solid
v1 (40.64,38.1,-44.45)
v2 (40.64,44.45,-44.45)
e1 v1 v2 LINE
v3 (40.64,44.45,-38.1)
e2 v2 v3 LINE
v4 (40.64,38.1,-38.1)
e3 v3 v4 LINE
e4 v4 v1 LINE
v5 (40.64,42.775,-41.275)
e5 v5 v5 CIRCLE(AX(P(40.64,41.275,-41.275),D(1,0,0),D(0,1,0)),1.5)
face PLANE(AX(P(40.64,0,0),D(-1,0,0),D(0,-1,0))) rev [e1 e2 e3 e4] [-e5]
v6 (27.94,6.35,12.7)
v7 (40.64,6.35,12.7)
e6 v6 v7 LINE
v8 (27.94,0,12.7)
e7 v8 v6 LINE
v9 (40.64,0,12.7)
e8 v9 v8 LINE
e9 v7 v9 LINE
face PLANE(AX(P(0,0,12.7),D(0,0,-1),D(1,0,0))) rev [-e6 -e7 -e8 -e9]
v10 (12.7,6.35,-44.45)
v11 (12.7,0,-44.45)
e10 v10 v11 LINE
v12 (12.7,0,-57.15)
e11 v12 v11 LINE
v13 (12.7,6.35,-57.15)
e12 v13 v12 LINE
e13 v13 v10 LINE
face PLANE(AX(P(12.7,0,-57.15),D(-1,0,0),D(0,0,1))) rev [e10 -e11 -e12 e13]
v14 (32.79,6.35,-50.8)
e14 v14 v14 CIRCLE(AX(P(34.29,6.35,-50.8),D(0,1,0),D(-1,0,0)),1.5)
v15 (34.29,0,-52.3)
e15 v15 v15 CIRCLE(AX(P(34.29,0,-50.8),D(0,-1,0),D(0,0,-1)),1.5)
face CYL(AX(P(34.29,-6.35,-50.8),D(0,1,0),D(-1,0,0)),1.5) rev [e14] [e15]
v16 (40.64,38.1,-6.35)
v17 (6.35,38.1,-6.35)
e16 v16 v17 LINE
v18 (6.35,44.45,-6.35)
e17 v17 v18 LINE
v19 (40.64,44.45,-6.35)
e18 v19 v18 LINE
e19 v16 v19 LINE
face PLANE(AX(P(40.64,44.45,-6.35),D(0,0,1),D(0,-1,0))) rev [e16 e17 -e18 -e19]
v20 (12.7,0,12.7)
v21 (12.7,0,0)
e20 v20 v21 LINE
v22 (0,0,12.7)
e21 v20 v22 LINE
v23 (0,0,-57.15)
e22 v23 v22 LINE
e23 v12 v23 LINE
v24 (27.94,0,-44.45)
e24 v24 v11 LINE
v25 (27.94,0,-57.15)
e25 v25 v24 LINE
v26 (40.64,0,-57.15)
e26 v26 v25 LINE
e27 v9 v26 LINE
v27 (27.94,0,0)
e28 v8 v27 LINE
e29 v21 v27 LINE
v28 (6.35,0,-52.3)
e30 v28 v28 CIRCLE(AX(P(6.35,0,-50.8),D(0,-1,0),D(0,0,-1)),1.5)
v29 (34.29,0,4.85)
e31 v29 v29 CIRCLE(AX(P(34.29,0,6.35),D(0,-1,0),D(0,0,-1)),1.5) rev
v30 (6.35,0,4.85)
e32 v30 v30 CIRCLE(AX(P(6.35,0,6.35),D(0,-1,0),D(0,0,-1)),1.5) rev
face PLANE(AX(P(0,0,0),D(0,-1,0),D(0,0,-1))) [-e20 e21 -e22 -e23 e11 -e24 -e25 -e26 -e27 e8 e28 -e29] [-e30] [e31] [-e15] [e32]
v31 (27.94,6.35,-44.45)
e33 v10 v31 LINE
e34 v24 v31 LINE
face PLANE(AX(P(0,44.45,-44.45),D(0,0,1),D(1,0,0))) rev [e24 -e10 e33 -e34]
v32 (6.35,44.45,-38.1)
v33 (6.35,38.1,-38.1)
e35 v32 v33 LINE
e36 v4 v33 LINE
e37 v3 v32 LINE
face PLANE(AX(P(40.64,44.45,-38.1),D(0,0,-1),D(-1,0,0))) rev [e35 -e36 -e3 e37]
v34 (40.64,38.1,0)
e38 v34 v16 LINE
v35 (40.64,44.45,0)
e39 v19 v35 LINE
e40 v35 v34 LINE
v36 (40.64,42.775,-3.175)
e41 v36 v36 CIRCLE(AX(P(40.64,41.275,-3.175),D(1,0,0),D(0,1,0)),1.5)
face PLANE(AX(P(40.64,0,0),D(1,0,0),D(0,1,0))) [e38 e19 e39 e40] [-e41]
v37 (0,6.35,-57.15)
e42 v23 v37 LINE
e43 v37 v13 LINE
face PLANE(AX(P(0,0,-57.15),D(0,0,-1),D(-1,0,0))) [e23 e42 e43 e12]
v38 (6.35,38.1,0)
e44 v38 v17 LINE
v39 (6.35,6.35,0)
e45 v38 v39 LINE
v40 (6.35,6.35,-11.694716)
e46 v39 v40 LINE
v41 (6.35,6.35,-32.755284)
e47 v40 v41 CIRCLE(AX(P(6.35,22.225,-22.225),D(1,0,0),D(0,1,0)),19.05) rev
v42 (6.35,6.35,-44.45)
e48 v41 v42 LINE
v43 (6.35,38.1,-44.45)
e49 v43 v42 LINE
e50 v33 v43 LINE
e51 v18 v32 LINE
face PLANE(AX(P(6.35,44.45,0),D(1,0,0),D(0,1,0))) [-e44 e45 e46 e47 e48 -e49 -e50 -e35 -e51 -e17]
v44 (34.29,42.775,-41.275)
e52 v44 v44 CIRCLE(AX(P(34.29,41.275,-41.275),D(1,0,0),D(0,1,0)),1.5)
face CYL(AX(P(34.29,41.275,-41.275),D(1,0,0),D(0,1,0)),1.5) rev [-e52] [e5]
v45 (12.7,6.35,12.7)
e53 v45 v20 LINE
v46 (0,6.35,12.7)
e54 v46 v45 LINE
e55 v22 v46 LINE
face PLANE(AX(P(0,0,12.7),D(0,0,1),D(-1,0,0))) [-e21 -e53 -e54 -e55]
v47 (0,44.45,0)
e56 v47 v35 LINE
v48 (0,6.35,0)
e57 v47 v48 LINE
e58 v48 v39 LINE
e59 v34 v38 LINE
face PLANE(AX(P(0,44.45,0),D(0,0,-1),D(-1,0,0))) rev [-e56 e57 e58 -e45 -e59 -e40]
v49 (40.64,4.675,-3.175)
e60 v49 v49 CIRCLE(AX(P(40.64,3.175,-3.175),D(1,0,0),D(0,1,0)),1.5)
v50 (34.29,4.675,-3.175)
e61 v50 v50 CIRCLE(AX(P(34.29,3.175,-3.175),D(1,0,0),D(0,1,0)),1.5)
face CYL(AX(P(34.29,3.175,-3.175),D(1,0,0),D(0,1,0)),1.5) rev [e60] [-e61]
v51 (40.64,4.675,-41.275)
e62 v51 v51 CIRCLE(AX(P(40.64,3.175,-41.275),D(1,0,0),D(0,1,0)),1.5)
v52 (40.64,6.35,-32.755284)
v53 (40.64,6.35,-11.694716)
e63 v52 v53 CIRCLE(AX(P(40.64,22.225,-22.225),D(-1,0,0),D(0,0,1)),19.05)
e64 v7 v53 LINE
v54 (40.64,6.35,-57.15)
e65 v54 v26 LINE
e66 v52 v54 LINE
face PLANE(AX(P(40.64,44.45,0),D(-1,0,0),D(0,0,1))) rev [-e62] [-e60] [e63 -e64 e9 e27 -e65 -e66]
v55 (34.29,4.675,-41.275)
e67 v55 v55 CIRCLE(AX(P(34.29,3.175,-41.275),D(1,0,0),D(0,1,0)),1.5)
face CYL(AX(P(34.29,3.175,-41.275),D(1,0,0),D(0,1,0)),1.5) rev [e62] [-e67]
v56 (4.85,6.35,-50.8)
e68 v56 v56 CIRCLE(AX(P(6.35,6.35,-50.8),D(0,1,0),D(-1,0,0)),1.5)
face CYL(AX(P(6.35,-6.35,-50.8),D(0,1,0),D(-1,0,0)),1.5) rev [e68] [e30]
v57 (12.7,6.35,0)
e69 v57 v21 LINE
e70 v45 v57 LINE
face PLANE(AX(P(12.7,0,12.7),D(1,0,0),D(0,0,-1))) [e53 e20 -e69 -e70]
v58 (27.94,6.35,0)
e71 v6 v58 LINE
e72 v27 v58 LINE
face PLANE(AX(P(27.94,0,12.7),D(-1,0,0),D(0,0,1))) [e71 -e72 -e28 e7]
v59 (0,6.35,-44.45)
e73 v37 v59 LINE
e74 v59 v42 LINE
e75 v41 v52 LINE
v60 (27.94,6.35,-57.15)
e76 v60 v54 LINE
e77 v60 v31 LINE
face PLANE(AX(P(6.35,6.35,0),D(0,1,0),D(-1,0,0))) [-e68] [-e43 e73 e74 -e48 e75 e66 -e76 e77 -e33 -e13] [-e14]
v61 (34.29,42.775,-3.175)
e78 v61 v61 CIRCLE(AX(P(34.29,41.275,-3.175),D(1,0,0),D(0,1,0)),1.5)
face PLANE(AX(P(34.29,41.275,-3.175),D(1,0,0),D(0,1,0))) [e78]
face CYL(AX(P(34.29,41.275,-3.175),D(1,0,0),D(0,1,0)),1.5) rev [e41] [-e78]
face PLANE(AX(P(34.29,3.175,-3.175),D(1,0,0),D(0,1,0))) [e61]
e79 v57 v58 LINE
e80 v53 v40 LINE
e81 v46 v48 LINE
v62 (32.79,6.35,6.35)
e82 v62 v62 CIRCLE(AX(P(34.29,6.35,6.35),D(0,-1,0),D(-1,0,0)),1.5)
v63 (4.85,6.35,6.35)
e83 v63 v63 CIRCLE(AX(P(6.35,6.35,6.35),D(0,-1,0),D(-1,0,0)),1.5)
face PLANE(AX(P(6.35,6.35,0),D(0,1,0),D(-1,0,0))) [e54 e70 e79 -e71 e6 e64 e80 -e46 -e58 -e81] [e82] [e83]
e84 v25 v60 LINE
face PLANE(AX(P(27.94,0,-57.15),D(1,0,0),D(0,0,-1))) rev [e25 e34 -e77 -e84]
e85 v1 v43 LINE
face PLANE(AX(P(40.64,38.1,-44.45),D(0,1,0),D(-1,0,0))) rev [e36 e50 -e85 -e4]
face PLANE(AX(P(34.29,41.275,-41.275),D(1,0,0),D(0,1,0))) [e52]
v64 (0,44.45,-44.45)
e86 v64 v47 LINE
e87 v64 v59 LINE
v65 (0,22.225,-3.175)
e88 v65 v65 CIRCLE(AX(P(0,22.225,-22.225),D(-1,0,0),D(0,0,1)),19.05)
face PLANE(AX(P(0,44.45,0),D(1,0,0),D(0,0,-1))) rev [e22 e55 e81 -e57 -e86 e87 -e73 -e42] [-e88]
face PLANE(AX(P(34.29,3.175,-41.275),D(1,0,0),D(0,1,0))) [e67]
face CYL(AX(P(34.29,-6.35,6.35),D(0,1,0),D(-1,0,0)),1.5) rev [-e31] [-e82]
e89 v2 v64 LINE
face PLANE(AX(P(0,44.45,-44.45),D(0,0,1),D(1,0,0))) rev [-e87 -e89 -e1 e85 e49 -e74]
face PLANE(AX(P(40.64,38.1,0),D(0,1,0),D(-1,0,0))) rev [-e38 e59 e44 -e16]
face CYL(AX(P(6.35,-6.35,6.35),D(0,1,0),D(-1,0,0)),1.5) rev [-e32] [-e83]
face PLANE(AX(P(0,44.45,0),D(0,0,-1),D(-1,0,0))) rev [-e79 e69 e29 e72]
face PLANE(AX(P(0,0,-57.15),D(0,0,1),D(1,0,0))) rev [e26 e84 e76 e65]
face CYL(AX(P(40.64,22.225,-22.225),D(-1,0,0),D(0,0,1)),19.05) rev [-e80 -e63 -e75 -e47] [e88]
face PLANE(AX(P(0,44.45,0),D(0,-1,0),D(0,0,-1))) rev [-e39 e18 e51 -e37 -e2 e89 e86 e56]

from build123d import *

# Parameters (mm, degrees)
SKETCH1_W           = 40.64
SKETCH1_H           = 44.45
BOSS_EXTRUDE1_DEPTH = 44.45
SKETCH4_R           = 19.05
CUT_EXTRUDE3_DEPTH  = 41.64
SKETCH5_W           = 34.29
SKETCH5_H           = 38.1
CUT_EXTRUDE4_DEPTH  = 45.45
SKETCH6_W           = 6.35
SKETCH6_H           = 6.35
BOSS_EXTRUDE2_DEPTH = 34.29
SKETCH7_R           = 1.5
CUT_EXTRUDE5_DEPTH  = 6.35
SKETCH8_W           = 12.7
SKETCH8_H           = 6.35
BOSS_EXTRUDE3_DEPTH = 12.7
SKETCH10_R          = 1.5
CUT_EXTRUDE6_DEPTH  = 12.7


with BuildPart() as part:
    # Sketch1 → Boss-Extrude1 (new body)
    with BuildSketch(Plane(origin=(0, 0, 0), x_dir=(1, 0, 0), z_dir=(0, 1, 0))):
        with Locations((20.32, 22.225)):
            Rectangle(SKETCH1_W, SKETCH1_H)
    extrude(amount=BOSS_EXTRUDE1_DEPTH)

    # Sketch4 → Cut-Extrude3 (cut, through all)
    with BuildSketch(Plane.ZY):
        with Locations((-22.225, 22.225)):
            Circle(SKETCH4_R)
    extrude(amount=-CUT_EXTRUDE3_DEPTH, mode=Mode.SUBTRACT)

    # Sketch5 → Cut-Extrude4 (cut, through all)
    with BuildSketch(Plane(origin=(0, 0, -44.45), x_dir=(-1, 0, 0), z_dir=(0, 0, -1))):
        with Locations((-23.495, 25.4)):
            Rectangle(SKETCH5_W, SKETCH5_H)
    extrude(amount=-CUT_EXTRUDE4_DEPTH, mode=Mode.SUBTRACT)

    # Sketch6 → Boss-Extrude2 (add)
    with BuildSketch(Plane(origin=(6.35, 0, 0), x_dir=(0, 0, -1), z_dir=(1, 0, 0))):
        with Locations((3.175, 41.275)):
            Rectangle(SKETCH6_W, SKETCH6_H)
        with Locations((41.275, 41.275)):
            Rectangle(SKETCH6_W, SKETCH6_H)
    extrude(amount=BOSS_EXTRUDE2_DEPTH)

    # Sketch7 → Cut-Extrude5 (cut)
    with BuildSketch(Plane(origin=(40.64, 0, 0), x_dir=(0, 0, -1), z_dir=(1, 0, 0))):
        with Locations((3.175, 41.275)):
            Circle(SKETCH7_R)
        with Locations((41.275, 41.275)):
            Circle(SKETCH7_R)
        with Locations((41.275, 3.175)):
            Circle(SKETCH7_R)
        with Locations((3.175, 3.175)):
            Circle(SKETCH7_R)
    extrude(amount=-CUT_EXTRUDE5_DEPTH, mode=Mode.SUBTRACT)

    # Sketch8 → Boss-Extrude3 (add)
    with BuildSketch(Plane(origin=(0, 0, -44.45), x_dir=(-1, 0, 0), z_dir=(0, 0, -1))):
        with Locations((-34.29, 3.175)):
            Rectangle(SKETCH8_W, SKETCH8_H)
        with Locations((-6.35, 3.175)):
            Rectangle(SKETCH8_W, SKETCH8_H)
    boss_extrude3 = extrude(amount=BOSS_EXTRUDE3_DEPTH)

    # Sketch10 → Cut-Extrude6 (cut)
    with BuildSketch(Plane(origin=(0, 6.35, 0), x_dir=(1, 0, 0), z_dir=(0, 1, 0))):
        with Locations((6.35, 50.8)):
            Circle(SKETCH10_R)
        with Locations((34.29, 50.8)):
            Circle(SKETCH10_R)
    cut_extrude6 = extrude(amount=-CUT_EXTRUDE6_DEPTH, mode=Mode.SUBTRACT)

    # Mirror1: Boss-Extrude3, Cut-Extrude6 across plane
    add(boss_extrude3.mirror(Plane(origin=(0, 0, -22.225), x_dir=(1, 0, 0), z_dir=(0, 0, -1))))
    add(cut_extrude6.mirror(Plane(origin=(0, 0, -22.225), x_dir=(1, 0, 0), z_dir=(0, 0, -1))), mode=Mode.SUBTRACT)


solid = part.part
